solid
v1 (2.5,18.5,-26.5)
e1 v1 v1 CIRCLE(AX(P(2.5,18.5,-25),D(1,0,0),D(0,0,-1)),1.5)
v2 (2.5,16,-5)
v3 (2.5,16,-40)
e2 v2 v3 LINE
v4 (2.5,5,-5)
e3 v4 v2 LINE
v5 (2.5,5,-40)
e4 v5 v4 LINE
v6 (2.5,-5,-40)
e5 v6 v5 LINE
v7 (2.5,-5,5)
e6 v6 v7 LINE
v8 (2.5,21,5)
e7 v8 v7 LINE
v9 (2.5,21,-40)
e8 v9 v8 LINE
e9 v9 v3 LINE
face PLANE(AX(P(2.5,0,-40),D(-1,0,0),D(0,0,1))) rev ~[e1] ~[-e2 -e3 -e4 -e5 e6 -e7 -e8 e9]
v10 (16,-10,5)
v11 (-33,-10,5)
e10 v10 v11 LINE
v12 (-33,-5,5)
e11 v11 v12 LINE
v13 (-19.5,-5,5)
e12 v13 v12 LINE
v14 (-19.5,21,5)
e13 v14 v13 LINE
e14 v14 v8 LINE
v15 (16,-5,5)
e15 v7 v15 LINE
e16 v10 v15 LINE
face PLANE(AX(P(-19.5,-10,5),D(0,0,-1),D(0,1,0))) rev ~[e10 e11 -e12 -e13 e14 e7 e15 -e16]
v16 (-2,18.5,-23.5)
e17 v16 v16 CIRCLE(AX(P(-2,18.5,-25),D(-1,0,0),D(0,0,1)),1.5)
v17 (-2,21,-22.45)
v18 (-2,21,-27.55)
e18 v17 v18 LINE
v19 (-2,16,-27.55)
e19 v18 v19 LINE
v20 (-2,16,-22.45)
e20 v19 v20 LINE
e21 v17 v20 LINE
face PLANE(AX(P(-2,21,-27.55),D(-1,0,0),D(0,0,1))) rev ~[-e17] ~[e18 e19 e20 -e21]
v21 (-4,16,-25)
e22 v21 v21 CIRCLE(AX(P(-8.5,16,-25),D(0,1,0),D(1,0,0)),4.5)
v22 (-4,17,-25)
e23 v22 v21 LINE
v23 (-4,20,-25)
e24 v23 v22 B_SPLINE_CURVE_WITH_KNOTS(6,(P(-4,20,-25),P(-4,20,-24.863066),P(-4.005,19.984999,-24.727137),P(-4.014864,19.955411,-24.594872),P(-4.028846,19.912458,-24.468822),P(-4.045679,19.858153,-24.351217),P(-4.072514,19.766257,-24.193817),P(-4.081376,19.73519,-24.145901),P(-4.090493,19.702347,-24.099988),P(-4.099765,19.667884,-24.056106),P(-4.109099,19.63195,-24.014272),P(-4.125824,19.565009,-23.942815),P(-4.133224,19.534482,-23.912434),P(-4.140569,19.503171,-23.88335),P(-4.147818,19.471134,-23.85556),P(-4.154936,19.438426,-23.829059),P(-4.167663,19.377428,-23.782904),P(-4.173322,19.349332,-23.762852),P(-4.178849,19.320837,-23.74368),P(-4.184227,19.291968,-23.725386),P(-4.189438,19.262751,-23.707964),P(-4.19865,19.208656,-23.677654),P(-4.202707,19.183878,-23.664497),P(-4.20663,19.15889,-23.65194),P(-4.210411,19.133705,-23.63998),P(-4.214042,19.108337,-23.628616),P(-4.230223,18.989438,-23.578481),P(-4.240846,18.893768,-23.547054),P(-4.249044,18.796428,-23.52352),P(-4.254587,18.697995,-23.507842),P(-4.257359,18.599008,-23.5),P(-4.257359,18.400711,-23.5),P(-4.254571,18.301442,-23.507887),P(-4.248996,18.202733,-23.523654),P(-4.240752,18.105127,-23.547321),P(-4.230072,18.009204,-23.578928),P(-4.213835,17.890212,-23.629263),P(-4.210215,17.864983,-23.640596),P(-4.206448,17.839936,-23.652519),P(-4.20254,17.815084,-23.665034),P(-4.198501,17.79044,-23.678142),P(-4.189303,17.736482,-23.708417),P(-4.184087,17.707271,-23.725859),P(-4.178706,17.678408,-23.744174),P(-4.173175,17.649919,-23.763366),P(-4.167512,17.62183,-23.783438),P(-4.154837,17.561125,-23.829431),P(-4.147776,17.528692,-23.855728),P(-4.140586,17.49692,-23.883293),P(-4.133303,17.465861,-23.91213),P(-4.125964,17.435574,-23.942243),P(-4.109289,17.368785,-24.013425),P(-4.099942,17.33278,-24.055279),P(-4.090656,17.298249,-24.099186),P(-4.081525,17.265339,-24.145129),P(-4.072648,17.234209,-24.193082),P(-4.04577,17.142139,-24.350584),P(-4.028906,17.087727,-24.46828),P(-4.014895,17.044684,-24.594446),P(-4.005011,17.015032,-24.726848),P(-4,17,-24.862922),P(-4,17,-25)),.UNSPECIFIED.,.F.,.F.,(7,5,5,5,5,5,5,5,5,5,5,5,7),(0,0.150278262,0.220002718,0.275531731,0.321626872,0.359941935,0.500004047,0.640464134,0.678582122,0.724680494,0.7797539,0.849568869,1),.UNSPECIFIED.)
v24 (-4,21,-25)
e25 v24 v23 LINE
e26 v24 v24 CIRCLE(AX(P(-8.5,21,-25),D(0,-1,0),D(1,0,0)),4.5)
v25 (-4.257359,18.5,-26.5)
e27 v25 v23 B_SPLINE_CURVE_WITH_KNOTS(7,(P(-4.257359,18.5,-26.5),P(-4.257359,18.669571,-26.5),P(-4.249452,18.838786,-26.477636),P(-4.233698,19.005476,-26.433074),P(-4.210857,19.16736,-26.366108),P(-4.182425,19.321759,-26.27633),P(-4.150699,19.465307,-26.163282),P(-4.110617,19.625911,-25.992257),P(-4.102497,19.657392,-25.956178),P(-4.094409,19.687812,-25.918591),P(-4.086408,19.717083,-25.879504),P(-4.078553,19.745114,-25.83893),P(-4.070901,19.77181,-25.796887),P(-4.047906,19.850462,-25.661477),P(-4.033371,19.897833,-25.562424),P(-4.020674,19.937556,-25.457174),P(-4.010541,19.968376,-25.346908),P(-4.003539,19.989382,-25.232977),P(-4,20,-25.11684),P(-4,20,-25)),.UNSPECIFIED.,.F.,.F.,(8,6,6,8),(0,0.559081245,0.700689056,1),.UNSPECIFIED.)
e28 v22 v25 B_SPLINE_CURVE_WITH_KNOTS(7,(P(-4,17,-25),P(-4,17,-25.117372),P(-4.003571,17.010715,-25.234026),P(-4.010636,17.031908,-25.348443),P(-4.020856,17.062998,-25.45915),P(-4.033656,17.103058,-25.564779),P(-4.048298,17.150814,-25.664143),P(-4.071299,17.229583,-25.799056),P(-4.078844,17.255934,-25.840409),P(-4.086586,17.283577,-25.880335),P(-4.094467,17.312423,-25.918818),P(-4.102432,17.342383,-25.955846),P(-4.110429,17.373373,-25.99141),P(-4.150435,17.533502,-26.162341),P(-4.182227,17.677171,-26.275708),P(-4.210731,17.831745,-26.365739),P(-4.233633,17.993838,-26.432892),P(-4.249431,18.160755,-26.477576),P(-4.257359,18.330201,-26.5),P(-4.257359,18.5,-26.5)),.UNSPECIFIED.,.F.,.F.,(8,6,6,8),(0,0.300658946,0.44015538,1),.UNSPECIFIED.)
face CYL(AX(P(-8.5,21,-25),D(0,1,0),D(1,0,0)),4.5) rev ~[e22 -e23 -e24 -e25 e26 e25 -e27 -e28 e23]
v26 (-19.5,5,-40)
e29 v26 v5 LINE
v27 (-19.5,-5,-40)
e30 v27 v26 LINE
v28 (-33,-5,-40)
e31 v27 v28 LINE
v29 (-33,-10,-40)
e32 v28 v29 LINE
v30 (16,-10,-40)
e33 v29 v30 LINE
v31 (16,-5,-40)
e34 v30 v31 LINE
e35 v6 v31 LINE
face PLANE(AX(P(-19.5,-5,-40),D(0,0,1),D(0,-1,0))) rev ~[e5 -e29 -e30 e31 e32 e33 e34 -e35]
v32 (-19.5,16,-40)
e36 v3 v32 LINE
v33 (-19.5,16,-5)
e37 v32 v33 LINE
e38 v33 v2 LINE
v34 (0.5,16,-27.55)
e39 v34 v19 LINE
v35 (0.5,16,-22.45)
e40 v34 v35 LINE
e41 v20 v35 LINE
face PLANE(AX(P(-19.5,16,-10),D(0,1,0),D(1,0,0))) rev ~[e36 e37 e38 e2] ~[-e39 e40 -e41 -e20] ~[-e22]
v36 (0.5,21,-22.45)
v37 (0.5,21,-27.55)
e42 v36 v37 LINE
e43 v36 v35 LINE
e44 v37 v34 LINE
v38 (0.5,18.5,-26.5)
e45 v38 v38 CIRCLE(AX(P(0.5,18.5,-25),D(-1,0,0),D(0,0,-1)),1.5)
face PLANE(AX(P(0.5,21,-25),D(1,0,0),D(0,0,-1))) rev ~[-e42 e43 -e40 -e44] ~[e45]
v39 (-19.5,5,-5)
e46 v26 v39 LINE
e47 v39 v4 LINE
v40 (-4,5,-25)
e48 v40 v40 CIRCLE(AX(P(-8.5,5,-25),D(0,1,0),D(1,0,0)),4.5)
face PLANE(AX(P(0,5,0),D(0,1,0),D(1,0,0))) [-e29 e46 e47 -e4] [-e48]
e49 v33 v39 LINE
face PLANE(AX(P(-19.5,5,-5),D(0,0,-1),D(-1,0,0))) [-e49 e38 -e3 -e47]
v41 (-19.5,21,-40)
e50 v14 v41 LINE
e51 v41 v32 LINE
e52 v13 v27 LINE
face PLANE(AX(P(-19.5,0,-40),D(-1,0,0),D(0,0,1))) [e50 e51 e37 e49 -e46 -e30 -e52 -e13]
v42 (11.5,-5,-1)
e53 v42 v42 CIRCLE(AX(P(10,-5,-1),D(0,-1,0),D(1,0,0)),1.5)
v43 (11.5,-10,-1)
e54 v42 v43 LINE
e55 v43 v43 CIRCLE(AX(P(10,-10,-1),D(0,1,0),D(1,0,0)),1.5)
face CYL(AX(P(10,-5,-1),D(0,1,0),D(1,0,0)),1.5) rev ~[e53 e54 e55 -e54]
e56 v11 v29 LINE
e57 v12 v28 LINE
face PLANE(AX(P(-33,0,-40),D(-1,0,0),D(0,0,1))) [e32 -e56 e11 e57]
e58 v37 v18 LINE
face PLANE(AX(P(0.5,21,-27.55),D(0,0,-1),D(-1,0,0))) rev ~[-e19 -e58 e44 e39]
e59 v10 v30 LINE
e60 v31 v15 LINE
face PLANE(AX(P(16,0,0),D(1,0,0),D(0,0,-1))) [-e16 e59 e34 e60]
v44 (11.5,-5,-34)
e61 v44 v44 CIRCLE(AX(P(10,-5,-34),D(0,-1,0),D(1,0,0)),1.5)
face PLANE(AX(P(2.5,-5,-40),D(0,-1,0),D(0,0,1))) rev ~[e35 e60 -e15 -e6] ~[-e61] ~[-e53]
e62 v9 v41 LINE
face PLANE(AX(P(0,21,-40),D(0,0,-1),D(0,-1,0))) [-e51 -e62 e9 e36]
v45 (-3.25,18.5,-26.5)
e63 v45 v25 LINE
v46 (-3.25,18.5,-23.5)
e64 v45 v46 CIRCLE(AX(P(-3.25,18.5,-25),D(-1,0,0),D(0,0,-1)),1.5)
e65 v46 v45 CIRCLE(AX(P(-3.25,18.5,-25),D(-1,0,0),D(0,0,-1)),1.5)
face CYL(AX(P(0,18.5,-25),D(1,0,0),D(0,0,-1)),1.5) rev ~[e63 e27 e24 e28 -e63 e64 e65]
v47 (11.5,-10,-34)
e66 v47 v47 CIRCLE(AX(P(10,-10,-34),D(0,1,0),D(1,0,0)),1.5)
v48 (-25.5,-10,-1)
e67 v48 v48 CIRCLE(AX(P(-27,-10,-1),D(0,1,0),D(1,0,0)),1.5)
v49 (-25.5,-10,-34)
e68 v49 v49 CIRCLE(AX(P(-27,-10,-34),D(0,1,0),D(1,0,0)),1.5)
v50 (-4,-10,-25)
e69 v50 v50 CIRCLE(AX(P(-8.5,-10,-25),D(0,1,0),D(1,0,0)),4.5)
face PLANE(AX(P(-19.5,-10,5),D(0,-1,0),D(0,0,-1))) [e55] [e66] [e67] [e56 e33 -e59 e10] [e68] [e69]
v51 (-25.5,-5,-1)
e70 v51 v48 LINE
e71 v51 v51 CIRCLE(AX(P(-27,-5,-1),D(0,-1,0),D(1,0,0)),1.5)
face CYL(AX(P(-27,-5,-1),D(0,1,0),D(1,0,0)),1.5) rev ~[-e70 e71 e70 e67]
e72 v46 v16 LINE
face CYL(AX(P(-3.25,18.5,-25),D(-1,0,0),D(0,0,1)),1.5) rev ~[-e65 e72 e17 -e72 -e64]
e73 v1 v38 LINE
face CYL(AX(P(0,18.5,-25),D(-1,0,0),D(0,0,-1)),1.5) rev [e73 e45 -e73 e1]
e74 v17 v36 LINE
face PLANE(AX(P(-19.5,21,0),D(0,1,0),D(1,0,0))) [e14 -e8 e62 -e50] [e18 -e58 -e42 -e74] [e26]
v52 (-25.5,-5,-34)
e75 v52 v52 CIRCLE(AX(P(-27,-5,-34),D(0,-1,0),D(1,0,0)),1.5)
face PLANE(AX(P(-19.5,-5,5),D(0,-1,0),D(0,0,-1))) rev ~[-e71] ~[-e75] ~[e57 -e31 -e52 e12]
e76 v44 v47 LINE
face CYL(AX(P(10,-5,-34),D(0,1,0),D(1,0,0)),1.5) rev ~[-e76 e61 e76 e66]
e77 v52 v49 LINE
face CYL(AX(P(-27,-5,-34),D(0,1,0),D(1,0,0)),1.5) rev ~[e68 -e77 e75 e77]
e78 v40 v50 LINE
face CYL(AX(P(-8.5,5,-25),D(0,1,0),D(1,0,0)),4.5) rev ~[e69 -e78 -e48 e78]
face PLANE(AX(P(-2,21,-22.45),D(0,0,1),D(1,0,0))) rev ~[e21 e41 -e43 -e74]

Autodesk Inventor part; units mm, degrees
ref_plane "YZ Plane" through (0, 0, 0) normal (1, 0, 0) x (0, 1, 0)
ref_plane "XZ Plane" through (0, 0, 0) normal (0, 1, 0) x (-1, 0, 0)
ref_plane "XY Plane" through (0, 0, 0) normal (0, 0, 1) x (1, 0, 0)
sketch "Skizze1" plane through (0, 0, 0) normal (0, 1, 0) x (-1, 0, 0)
  line L0 (0, 0) -> (17, 0)
  line L1 (17, 0) -> (17, -40)
  line L2 (17, -40) -> (0, -40)
  line L3 (0, -40) -> (0, 0)
  dimension "d0" = 17
  dimension "d1" = 40
extrude "Extrusion1" add sketch "Skizze1" along normal blind 5
sketch "Skizze2" plane through (0, 5, 0) normal (0, 1, 0) x (1, 0, 0)
  line L0 (-17, 0) -> (0, 0) projected
  line L1 (0, 0) -> (0, 40) projected
  line L2 (-17, 0) -> (0, 0)
  line L3 (0, 0) -> (0, 10)
  line L4 (0, 10) -> (-17, 10)
  line L5 (-17, 10) -> (-17, 0)
  dimension "d4" = 10
extrude "Extrusion2" add sketch "Skizze2" along normal blind 11
sketch "Skizze3" plane through (0, 16, 0) normal (0, 1, 0) x (1, 0, 0)
  line L0 (-17, 0) -> (0, 0) projected
  line L1 (0, 0) -> (0, 40) projected
  line L2 (-17, 0) -> (0, 0)
  line L3 (0, 0) -> (0, 40)
  line L4 (0, 40) -> (-17, 40)
  line L5 (-17, 40) -> (-17, 0)
  dimension "d7" = 17
  dimension "d8" = 40
extrude "Extrusion3" add sketch "Skizze3" along normal blind 5
sketch "Skizze4" plane through (0, 21, 0) normal (0, 1, 0) x (1, 0, 0)
  line L0 (0, 10) -> (0, 40) projected
  line L1 (0, 40) -> (-8.5, 40)
  line L2 (-8.5, 40) -> (-8.5, 25)
  line L3 (-8.5, 25) -> (0, 25)
  line L4 (0, 25) -> (0, 40)
  circle A0 centre (-8.5, 25) radius 4.5
  point P0 (0, 0)
  dimension "d11" = 8.5
  dimension "d12" = 15
  dimension "d13" = 9
extrude "Extrusion4" cut sketch "Skizze4" against normal blind 21 contours A0 L2 L3 | L3 L2 A0
sketch "Skizze5" plane through (0, 21, 0) normal (0, 1, 0) x (1, 0, 0)
  circle A0 centre (-8.5, 25) radius 4.5 projected
  line L0 (-8.5, 25) -> (0, 25)
  line L1 (0, 0) -> (0, 40) projected
  line L2 (0, 25) -> (-2, 25)
  line L3 (-2, 25) -> (-3.25, 25)
  line L4 (-3.25, 25) -> (-3.25, 27.55)
  line L5 (-3.25, 27.55) -> (-0.75, 27.55)
  line L6 (-0.75, 27.55) -> (-0.75, 22.45)
  line L7 (-0.75, 22.45) -> (-3.25, 22.45)
  line L8 (-3.25, 22.45) -> (-3.25, 25)
  dimension "d16" = 2
  dimension "d17" = 1.25
  dimension "d18" = 2.55
  dimension "d19" = 2.5
  dimension "d20" = 5.1
extrude "Extrusion5" cut sketch "Skizze5" against normal blind 5 contours L4 L5 L6 L0 | L0 L6 L7 L8
sketch "Skizze6" plane through (0, 5, 0) normal (0, 1, 0) x (1, 0, 0)
  point P0 (0, 0)
sketch "Skizze7" plane through (0, 21, 0) normal (0, 1, 0) x (1, 0, 0)
  point P0 (0, 0)
sketch "Skizze8" plane through (0, 0, 0) normal (1, 0, 0) x (0, 0, -1)
  line L0 (40, 16) -> (40, 21) projected
  line L1 (40, 20.3408) -> (25, 20.3408)
  line L2 (40, 20.3408) -> (55, 20.3408) construction
  line L3 (25, 20.3408) -> (25, 21)
  line L4 (27.55, 21) -> (22.45, 21) projected
  line L5 (25, 21) -> (25, 18.5)
  circle A0 centre (25, 18.5) radius 1.5
  point P0 (0, 0)
  dimension "d23" = 15
  dimension "d24" = 180
  dimension "d25" = 2.5
  dimension "d26" = 3
extrude "Extrusion6" cut sketch "Skizze8" against normal blind 10
sketch "Skizze9" plane through (0, 21, 0) normal (0, 1, 0) x (1, 0, 0)
  point P0 (0, 0)
sketch "Skizze10" plane through (0, 21, 0) normal (0, 1, 0) x (1, 0, 0)
  point P0 (0, 0)
sketch "Skizze11" plane through (0, 5, 0) normal (0, 1, 0) x (1, 0, 0)
  point P0 (0, 0)
sketch "Skizze12" plane through (-17, 0, -40) normal (-1, 0, 0) x (0, 0, 1)
  line L0 (40, 21) -> (0, 21) projected
  line L1 (40, 0) -> (0, 0) projected
  line L2 (40, 21) -> (30, 21)
  line L3 (30, 0) -> (40, 0)
  line L4 (40, 0) -> (40, 21)
  line L5 (30, 16) -> (0, 16) projected
  line L6 (30, 21) -> (0, 21)
  line L7 (0, 21) -> (0, 16)
  line L8 (0, 16) -> (30, 16)
  line L9 (30, 5) -> (30, 16) projected
  line L10 (30, 5) -> (0, 5)
  line L11 (0, 5) -> (0, 0)
  line L12 (0, 0) -> (30, 0)
  line L13 (30, 16) -> (30, 5)
  dimension "d29" = 10
extrude "Extrusion7" add sketch "Skizze12" along normal blind 2.5
sketch "Skizze13" plane through (0, 0, 0) normal (1, 0, 0) x (0, 0, -1)
  line L0 (0, 0) -> (40, 0) projected
  line L1 (10, 5) -> (40, 5) projected
  line L2 (40, 0) -> (10, 0)
  line L3 (10, 5) -> (40, 5)
  line L4 (40, 5) -> (40, 0)
  line L5 (0, 0) -> (0, 21) projected
  line L6 (10, 0) -> (0, 0)
  line L7 (0, 0) -> (0, 21)
  line L8 (0, 21) -> (10, 21)
  line L9 (10, 16) -> (40, 16) projected
  line L10 (40, 16) -> (10, 16)
  line L11 (10, 21) -> (40, 21)
  line L12 (40, 21) -> (40, 16)
  line L13 (10, 5) -> (10, 16) projected
  line L14 (10, 5) -> (10, 16)
  circle A0 centre (25, 18.5) radius 1.5 projected
  circle A1 centre (25, 18.5) radius 1.5
  dimension "d32" = 3
extrude "Extrusion8" add sketch "Skizze13" along normal blind 2.5
sketch "Skizze14" plane through (0, 21, 0) normal (0, 1, 0) x (1, 0, 0)
  line L0 (-0.75, 27.55) -> (-3.25, 27.55) projected
  line L1 (-3.25, 22.45) -> (-3.25, 27.55) projected
  line L2 (-0.75, 27.55) -> (-3.25, 27.55)
  line L3 (-3.25, 27.55) -> (-3.25, 22.45)
  line L4 (-3.25, 22.45) -> (-0.75, 22.45)
  line L5 (-0.75, 22.45) -> (-0.75, 27.55)
  point P0 (0, 0)
extrude "Extrusion9" add sketch "Skizze14" against normal blind 5
sketch "Skizze15" plane through (0, 21, 0) normal (0, 1, 0) x (1, 0, 0)
  circle A0 centre (-8.5, 25) radius 4.5 projected
  line L0 (-8.5, 25) -> (2.5, 25)
  line L1 (2.5, 26.5) -> (2.5, 23.5) projected
  line L2 (2.5, 25) -> (-4, 25)
  line L3 (2.5, 25) -> (-0.75, 25)
  line L4 (-0.75, 25) -> (-2, 25)
  line L5 (-2, 25) -> (-2, 22.45)
  line L6 (-2, 22.45) -> (0.5, 22.45)
  line L7 (0.5, 22.45) -> (0.5, 27.55)
  line L8 (0.5, 27.55) -> (-2, 27.55)
  line L9 (0.5, 27.55) -> (3, 27.55) construction
  line L10 (-2, 27.55) -> (-2, 25)
  point P0 (0, 0)
  dimension "d37" = 3.25
  dimension "d38" = 1.25
  dimension "d39" = 2.55
  dimension "d40" = 90
  dimension "d41" = 2.5
  dimension "d42" = 90
  dimension "d43" = 5.1
  dimension "d44" = 90
  dimension "d45" = 2.5
  dimension "d46" = 180
sketch "Skizze16" plane through (0, 21, 0) normal (0, 1, 0) x (1, 0, 0)
  point P0 (0, 0)
extrude "Extrusion10" cut sketch "Skizze15" against normal blind 5 contours L10 L8 L7 L0 | L0 L7 L6 L5
sketch "Skizze17" plane through (2.5, 0, 0) normal (1, 0, 0) x (0, 0, -1)
  circle A0 centre (25, 18.5) radius 1.5 projected
  circle A1 centre (25, 18.5) radius 1.5
  point P0 (0, 0)
  dimension "d49" = 3
sketch "Skizze18" plane through (-3.25, 18.5, -25) normal (-1, 0, 0) x (0, 0, 1)
  circle A0 centre (0, 0) radius 1.5
  point P0 (25, -18.5)
  dimension "d50" = 3
extrude "Extrusion11" cut sketch "Skizze18" against normal blind 8
sketch "Skizze19" plane through (-19.5, 0, 0) normal (0, 0, 1) x (1, 0, 0)
  line L0 (22, 0) -> (0, 0) projected
  line L1 (0, 21) -> (0, 16) projected
  line L2 (22, 0) -> (0, 0)
  line L3 (0, 0) -> (0, 21)
  line L4 (0, 21) -> (22, 21)
  line L5 (22, 21) -> (22, 0)
  point P0 (19.5, 0)
extrude "Extrusion12" add sketch "Skizze19" along normal blind 5
sketch "Skizze20" plane through (-19.5, 5, -10) normal (0, 0, -1) x (-1, 0, 0)
  line L0 (0, 11) -> (0, 0) projected
  line L1 (0, 11) -> (-22, 11) projected
  line L2 (0, 0) -> (-22, 0)
  line L3 (-22, 0) -> (-22, 11)
  line L4 (-22, 11) -> (0, 11)
  line L5 (0, 11) -> (0, 0)
  point P0 (-19.5, -5)
extrude "Extrusion13" cut sketch "Skizze20" against normal blind 5
sketch "Skizze21" plane through (-19.5, 0, -40) normal (-1, 0, 0) x (0, 0, 1)
  line L0 (0, 0) -> (45, 0) projected
  line L1 (0, 5) -> (45, 5)
  line L2 (45, 5) -> (45, 0)
  line L3 (45, 0) -> (0, 0)
  line L4 (0, 0) -> (0, 5)
  point P0 (40, 0)
extrude "Extrusion14" add sketch "Skizze21" along normal blind 13.5
sketch "Skizze22" plane through (2.5, 0, 0) normal (1, 0, 0) x (0, 0, -1)
  line L0 (40, 0) -> (-5, 0) projected
  line L1 (40, 5) -> (5, 5) projected
  line L2 (-5, 0) -> (40, 0)
  line L3 (40, 0) -> (40, 5)
  line L4 (40, 5) -> (-5, 5)
  line L5 (-5, 5) -> (-5, 0)
  point P0 (0, 0)
extrude "Extrusion15" add sketch "Skizze22" along normal blind 13.5
sketch "Skizze23" plane through (0, 5, 0) normal (0, 1, 0) x (1, 0, 0)
  line L0 (16, 40) -> (10, 40)
  line L1 (10, 40) -> (10, 34)
  line L2 (10, 34) -> (16, 34)
  line L3 (16, 34) -> (16, 40)
  circle A0 centre (10, 34) radius 1.5
  point P0 (0, 0)
  dimension "d61" = 6
  dimension "d62" = 6
  dimension "d63" = 3
extrude "Extrusion16" cut sketch "Skizze23" against normal blind 13.5 contours A0 L2 L1 | L1 L2 A0
sketch "Skizze24" plane through (0, 5, 0) normal (0, 1, 0) x (1, 0, 0)
  line L0 (16, -5) -> (16, 40) projected
  line L1 (16, -5) -> (10, -5)
  line L2 (10, -5) -> (10, 1)
  line L3 (10, 1) -> (16, 1)
  line L4 (16, 1) -> (16, -5)
  circle A0 centre (10, 1) radius 1.5
  point P0 (0, 0)
  dimension "d66" = 6
  dimension "d67" = 6
  dimension "d68" = 3
extrude "Extrusion17" cut sketch "Skizze24" against normal blind 13.5 contours A0 L2 L3 | L3 L2 A0
sketch "Skizze25" plane through (0, 5, 0) normal (0, 1, 0) x (1, 0, 0)
  line L0 (-33, 40) -> (-33, -5) projected
  line L1 (-33, 40) -> (-27, 40)
  line L2 (-27, 40) -> (-27, 34)
  line L3 (-27, 34) -> (-33, 34)
  line L4 (-33, 34) -> (-33, 40)
  circle A0 centre (-27, 34) radius 1.5
  point P0 (0, 0)
  dimension "d71" = 6
  dimension "d72" = 6
  dimension "d73" = 3
extrude "Extrusion18" cut sketch "Skizze25" against normal blind 13.5 contours A0 L2 L3 | L3 L2 A0
sketch "Skizze26" plane through (0, 5, 0) normal (0, 1, 0) x (1, 0, 0)
  line L0 (16, -5) -> (-33, -5) projected
  line L1 (-33, -5) -> (-27, -5)
  line L2 (-27, -5) -> (-27, 1)
  line L3 (-27, 1) -> (-33, 1)
  line L4 (-33, 1) -> (-33, -5)
  circle A0 centre (-27, 1) radius 1.5
  point P0 (0, 0)
  dimension "d76" = 6
  dimension "d77" = 6
  dimension "d78" = 3
extrude "Extrusion19" cut sketch "Skizze26" against normal blind 13.5 contours A0 L3 L2 | L2 L3 A0
sketch "Skizze27" plane through (0, 5, 0) normal (0, 1, 0) x (1, 0, 0)
  line L0 (2.5, -5) -> (16, -5) projected
  line L1 (16, 40) -> (16, -5) projected
  line L2 (2.5, -5) -> (16, -5)
  line L3 (16, -5) -> (16, 40)
  line L4 (16, 40) -> (2.5, 40)
  line L5 (2.5, 40) -> (2.5, -5)
  point P0 (0, 0)
extrude "Extrusion20" cut sketch "Skizze27" against normal blind 10
sketch "Skizze28" plane through (0, 5, 0) normal (0, 1, 0) x (1, 0, 0)
  line L0 (-19.5, 5) -> (-19.5, -5) projected
  line L1 (-33, -5) -> (-33, 40) projected
  line L2 (-19.5, -5) -> (-33, -5)
  line L3 (-33, -5) -> (-33, 40)
  line L4 (-33, 40) -> (-19.5, 40)
  line L5 (-19.5, 40) -> (-19.5, -5)
  point P0 (0, 0)
extrude "Extrusion21" cut sketch "Skizze28" against normal blind 10
sketch "Skizze29" plane through (0, 0, 0) normal (0, -1, 0) x (1, 0, 0)
  line L0 (2.5, 5) -> (-19.5, 5) projected
  line L1 (-19.5, -40) -> (-19.5, -5) projected
  line L2 (2.5, 5) -> (-19.5, 5)
  line L3 (-19.5, 5) -> (-19.5, -40)
  line L4 (-19.5, -40) -> (2.5, -40)
  line L5 (2.5, -40) -> (2.5, 5)
  point P0 (0, 0)
extrude "Extrusion22" add sketch "Skizze29" along normal blind 10
sketch "Skizze30" plane through (0, 5, 0) normal (0, 1, 0) x (1, 0, 0)
  circle A0 centre (-8.5, 25) radius 4.5 projected
  circle A1 centre (-8.5, 25) radius 4.5
  point P0 (0, 0)
  dimension "d87" = 9
extrude "Extrusion23" add sketch "Skizze30" against normal blind 5
extrude "Extrusion24" cut sketch "Skizze30" against normal blind 15
sketch "Skizze31" plane through (2.5, 5, -40) normal (0, 0, -1) x (-1, 0, 0)
  point P0 (2.5, -5)
sketch "Skizze32" plane through (2.5, 0, 0) normal (1, 0, 0) x (0, 0, -1)
  line L0 (-5, -10) -> (-5, 21) projected
  line L1 (-5, -10) -> (40, -10)
  line L2 (40, -10) -> (40, -5)
  line L3 (40, -5) -> (-5, -5)
  line L4 (-5, -5) -> (-5, -10)
  point P0 (0, 0)
  dimension "d92" = 45
  dimension "d93" = 5
extrude "Extrusion25" add sketch "Skizze32" along normal blind 13.5
sketch "Skizze33" plane through (-19.5, 0, -40) normal (-1, 0, 0) x (0, 0, 1)
  line L0 (45, -10) -> (0, -10) projected
  line L1 (0, -10) -> (45, -10)
  line L2 (45, -10) -> (45, -5)
  line L3 (45, -5) -> (0, -5)
  line L4 (0, -5) -> (0, -10)
  point P0 (40, 0)
  dimension "d96" = 45
  dimension "d97" = 5
extrude "Extrusion26" add sketch "Skizze33" along normal blind 13.5
sketch "Skizze34" plane through (-19.5, -5, 5) normal (0, 1, 0) x (1, 0, 0)
  line L0 (35.5, 45) -> (-13.5, 45) projected
  line L1 (-13.5, 45) -> (-7.5, 45)
  line L2 (-7.5, 45) -> (-7.5, 39)
  line L3 (-7.5, 39) -> (-13.5, 39)
  line L4 (-13.5, 39) -> (-13.5, 45)
  circle A0 centre (-7.5, 39) radius 1.5
  point P0 (19.5, 5)
  dimension "d100" = 6
  dimension "d101" = 6
  dimension "d102" = 3
extrude "Extrusion27" cut sketch "Skizze34" against normal blind 5 contours A0 L3 L2 | L2 L3 A0
sketch "Skizze35" plane through (-19.5, -5, 5) normal (0, 1, 0) x (1, 0, 0)
  line L0 (0, 0) -> (-13.5, 0) projected
  line L1 (-13.5, 0) -> (-7.5, 0)
  line L2 (-7.5, 0) -> (-7.5, 6)
  line L3 (-7.5, 6) -> (-13.5, 6)
  line L4 (-13.5, 6) -> (-13.5, 0)
  circle A0 centre (-7.5, 6) radius 1.5
  point P0 (19.5, 5)
  dimension "d105" = 6
  dimension "d106" = 6
  dimension "d107" = 3
extrude "Extrusion28" cut sketch "Skizze35" against normal blind 5 contours A0 L3 L2 | L2 L3 A0
sketch "Skizze36" plane through (2.5, -5, 5) normal (0, 1, 0) x (1, 0, 0)
  line L0 (13.5, 0) -> (13.5, 45) projected
  line L1 (13.5, 45) -> (7.5, 45)
  line L2 (7.5, 45) -> (7.5, 39)
  line L3 (7.5, 39) -> (13.5, 39)
  line L4 (13.5, 39) -> (13.5, 45)
  circle A0 centre (7.5, 39) radius 1.5
  point P0 (-2.5, 5)
  dimension "d110" = 6
  dimension "d111" = 6
  dimension "d112" = 3
sketch "Skizze37" plane through (2.5, -5, 5) normal (0, 1, 0) x (1, 0, 0)
  point P0 (-2.5, 5)
extrude "Extrusion29" cut sketch "Skizze36" against normal blind 5 contours A0 L2 L3 | L3 L2 A0
sketch "Skizze38" plane through (2.5, -5, 5) normal (0, 1, 0) x (1, 0, 0)
  line L0 (13.5, 0) -> (13.5, 45) projected
  line L1 (13.5, 0) -> (7.5, 0)
  line L2 (7.5, 0) -> (7.5, 6)
  line L3 (7.5, 6) -> (13.5, 6)
  line L4 (13.5, 6) -> (13.5, 0)
  circle A0 centre (7.5, 6) radius 1.5
  point P0 (-2.5, 5)
  dimension "d115" = 6
  dimension "d116" = 6
  dimension "d117" = 3
extrude "Extrusion30" cut sketch "Skizze38" against normal blind 5 contours A0 L2 L3 | L3 L2 A0
properties part number "HalterungRillenKugelLager"
